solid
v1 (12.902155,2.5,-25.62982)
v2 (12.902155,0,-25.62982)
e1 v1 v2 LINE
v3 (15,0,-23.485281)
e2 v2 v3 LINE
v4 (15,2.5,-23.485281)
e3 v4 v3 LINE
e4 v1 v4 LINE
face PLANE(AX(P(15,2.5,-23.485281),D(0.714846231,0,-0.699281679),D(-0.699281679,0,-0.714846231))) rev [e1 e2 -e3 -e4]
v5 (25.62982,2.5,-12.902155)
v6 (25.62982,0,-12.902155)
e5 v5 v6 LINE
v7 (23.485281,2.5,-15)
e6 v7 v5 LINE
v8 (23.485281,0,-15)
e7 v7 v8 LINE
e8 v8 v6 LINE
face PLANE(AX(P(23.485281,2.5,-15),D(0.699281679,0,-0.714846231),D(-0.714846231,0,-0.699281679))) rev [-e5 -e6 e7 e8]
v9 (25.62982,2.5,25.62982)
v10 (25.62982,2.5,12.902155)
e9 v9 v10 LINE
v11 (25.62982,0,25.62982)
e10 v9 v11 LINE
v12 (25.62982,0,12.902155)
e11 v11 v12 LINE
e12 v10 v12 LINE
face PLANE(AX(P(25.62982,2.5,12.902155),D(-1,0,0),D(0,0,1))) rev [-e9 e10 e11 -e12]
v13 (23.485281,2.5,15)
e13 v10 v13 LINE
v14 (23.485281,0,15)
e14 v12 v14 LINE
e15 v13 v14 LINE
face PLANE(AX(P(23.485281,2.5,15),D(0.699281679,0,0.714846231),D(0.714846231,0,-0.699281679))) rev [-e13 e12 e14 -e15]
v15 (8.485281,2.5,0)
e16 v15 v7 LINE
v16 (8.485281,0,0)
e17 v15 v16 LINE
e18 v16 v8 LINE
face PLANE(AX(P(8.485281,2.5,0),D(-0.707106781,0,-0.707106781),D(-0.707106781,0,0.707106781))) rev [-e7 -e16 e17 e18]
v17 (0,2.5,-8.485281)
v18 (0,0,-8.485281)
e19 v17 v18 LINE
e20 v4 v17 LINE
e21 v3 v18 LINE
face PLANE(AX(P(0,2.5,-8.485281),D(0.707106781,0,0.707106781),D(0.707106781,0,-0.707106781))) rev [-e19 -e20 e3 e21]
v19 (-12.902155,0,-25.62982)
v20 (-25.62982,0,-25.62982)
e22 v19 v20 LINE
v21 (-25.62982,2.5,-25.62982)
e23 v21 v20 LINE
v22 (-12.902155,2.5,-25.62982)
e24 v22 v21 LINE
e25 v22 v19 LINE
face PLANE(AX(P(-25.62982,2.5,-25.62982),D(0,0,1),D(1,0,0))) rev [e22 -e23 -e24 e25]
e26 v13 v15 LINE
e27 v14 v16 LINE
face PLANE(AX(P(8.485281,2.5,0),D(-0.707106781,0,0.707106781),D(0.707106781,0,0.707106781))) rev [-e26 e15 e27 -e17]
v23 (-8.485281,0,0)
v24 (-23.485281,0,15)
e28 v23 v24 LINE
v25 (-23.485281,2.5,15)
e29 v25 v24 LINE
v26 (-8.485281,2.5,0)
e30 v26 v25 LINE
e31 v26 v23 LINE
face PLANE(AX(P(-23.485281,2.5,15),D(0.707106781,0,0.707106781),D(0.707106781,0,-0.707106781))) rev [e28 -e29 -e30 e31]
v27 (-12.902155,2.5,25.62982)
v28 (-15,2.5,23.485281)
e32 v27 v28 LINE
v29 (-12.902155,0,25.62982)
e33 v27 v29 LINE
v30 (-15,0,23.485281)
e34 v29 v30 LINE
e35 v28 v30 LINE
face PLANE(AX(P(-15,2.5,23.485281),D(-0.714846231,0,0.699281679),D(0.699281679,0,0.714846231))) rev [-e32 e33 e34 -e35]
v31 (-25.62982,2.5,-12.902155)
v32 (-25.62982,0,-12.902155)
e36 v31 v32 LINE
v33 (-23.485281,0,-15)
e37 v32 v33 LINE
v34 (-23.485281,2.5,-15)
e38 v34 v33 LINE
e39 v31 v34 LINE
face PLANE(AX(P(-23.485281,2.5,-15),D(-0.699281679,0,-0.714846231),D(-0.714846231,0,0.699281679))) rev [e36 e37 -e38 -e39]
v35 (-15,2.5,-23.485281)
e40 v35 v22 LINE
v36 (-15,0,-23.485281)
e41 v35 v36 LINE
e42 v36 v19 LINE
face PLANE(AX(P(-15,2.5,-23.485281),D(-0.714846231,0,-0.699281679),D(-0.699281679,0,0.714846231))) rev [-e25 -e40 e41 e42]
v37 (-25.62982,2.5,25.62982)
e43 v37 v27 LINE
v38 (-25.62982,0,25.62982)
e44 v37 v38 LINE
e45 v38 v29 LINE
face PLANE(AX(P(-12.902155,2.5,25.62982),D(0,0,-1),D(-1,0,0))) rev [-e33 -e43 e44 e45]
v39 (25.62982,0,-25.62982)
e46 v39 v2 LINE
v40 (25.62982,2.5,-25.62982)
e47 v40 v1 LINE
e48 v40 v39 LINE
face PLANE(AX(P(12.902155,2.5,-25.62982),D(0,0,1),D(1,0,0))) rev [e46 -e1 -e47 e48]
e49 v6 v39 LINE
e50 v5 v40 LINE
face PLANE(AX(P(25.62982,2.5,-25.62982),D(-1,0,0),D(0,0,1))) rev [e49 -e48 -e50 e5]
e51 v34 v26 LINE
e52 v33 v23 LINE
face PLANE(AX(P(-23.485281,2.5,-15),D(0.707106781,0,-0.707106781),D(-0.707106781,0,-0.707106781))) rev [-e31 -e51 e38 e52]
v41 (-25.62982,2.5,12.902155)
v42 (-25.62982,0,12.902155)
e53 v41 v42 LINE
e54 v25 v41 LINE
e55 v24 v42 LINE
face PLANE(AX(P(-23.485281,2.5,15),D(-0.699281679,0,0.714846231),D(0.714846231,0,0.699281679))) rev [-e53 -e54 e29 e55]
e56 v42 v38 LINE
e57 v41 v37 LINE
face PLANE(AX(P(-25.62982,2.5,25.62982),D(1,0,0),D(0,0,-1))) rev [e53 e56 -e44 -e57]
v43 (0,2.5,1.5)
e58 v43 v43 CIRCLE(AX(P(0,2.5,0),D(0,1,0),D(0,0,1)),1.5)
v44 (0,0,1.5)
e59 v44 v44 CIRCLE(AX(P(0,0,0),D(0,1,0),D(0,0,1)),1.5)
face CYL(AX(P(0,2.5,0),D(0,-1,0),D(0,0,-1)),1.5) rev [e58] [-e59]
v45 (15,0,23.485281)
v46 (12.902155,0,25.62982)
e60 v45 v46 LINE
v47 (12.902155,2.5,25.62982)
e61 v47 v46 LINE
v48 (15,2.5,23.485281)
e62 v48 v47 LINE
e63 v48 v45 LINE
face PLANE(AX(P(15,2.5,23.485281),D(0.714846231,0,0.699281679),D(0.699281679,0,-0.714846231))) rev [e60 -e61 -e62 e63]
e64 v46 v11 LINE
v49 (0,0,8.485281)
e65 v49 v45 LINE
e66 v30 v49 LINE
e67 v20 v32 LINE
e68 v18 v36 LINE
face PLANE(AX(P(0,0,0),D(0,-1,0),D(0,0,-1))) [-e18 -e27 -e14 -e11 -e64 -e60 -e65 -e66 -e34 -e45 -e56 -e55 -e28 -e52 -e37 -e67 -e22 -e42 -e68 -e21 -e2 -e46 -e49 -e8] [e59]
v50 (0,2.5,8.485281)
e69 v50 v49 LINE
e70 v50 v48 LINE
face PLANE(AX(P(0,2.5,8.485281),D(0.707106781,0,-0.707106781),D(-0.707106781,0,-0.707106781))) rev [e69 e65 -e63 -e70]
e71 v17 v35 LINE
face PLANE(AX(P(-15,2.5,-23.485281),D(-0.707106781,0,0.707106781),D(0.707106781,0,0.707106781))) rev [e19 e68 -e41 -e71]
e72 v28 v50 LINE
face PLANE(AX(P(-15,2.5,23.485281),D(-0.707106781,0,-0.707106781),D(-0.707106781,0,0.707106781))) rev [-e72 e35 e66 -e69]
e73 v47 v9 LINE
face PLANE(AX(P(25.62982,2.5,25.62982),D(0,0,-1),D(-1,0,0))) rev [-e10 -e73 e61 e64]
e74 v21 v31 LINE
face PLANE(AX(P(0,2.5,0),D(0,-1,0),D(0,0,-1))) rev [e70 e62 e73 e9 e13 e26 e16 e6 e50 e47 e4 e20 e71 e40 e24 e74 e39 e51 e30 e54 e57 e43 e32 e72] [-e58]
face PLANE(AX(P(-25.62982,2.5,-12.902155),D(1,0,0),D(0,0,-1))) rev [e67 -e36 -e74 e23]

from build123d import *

# Parameters (mm, degrees)
CROQUIS1_R              = 1.5
SALIENTE_EXTRUIR1_DEPTH = 2.5


with BuildPart() as part:
    # Croquis1 → Saliente-Extruir1 (new body)
    with BuildSketch(Plane(origin=(0, 0, 0), x_dir=(1, 0, 0), z_dir=(0, 1, 0))):
        Polygon((-15, -23.485281374), (0, -8.485281374), (15, -23.485281374), (12.902154963, -25.629820066), (25.629820066, -25.629820066), (25.629820066, -12.902154963), (23.485281374, -15), (8.485281374, 0), (23.485281374, 15), (25.629820066, 12.902154963), (25.629820066, 25.629820066), (12.902154963, 25.629820066), (15, 23.485281374), (0, 8.485281374), (-15, 23.485281374), (-12.902154963, 25.629820066), (-25.629820066, 25.629820066), (-25.629820066, 12.902154963), (-23.485281374, 15), (-8.485281374, 0), (-23.485281374, -15), (-25.629820066, -12.902154963), (-25.629820066, -25.629820066), (-12.902154963, -25.629820066), align=None)
        with Locations(Location((0, 0, 0), (0, 0, 270))):
            Circle(CROQUIS1_R, mode=Mode.SUBTRACT)
    extrude(amount=SALIENTE_EXTRUIR1_DEPTH)


solid = part.part
